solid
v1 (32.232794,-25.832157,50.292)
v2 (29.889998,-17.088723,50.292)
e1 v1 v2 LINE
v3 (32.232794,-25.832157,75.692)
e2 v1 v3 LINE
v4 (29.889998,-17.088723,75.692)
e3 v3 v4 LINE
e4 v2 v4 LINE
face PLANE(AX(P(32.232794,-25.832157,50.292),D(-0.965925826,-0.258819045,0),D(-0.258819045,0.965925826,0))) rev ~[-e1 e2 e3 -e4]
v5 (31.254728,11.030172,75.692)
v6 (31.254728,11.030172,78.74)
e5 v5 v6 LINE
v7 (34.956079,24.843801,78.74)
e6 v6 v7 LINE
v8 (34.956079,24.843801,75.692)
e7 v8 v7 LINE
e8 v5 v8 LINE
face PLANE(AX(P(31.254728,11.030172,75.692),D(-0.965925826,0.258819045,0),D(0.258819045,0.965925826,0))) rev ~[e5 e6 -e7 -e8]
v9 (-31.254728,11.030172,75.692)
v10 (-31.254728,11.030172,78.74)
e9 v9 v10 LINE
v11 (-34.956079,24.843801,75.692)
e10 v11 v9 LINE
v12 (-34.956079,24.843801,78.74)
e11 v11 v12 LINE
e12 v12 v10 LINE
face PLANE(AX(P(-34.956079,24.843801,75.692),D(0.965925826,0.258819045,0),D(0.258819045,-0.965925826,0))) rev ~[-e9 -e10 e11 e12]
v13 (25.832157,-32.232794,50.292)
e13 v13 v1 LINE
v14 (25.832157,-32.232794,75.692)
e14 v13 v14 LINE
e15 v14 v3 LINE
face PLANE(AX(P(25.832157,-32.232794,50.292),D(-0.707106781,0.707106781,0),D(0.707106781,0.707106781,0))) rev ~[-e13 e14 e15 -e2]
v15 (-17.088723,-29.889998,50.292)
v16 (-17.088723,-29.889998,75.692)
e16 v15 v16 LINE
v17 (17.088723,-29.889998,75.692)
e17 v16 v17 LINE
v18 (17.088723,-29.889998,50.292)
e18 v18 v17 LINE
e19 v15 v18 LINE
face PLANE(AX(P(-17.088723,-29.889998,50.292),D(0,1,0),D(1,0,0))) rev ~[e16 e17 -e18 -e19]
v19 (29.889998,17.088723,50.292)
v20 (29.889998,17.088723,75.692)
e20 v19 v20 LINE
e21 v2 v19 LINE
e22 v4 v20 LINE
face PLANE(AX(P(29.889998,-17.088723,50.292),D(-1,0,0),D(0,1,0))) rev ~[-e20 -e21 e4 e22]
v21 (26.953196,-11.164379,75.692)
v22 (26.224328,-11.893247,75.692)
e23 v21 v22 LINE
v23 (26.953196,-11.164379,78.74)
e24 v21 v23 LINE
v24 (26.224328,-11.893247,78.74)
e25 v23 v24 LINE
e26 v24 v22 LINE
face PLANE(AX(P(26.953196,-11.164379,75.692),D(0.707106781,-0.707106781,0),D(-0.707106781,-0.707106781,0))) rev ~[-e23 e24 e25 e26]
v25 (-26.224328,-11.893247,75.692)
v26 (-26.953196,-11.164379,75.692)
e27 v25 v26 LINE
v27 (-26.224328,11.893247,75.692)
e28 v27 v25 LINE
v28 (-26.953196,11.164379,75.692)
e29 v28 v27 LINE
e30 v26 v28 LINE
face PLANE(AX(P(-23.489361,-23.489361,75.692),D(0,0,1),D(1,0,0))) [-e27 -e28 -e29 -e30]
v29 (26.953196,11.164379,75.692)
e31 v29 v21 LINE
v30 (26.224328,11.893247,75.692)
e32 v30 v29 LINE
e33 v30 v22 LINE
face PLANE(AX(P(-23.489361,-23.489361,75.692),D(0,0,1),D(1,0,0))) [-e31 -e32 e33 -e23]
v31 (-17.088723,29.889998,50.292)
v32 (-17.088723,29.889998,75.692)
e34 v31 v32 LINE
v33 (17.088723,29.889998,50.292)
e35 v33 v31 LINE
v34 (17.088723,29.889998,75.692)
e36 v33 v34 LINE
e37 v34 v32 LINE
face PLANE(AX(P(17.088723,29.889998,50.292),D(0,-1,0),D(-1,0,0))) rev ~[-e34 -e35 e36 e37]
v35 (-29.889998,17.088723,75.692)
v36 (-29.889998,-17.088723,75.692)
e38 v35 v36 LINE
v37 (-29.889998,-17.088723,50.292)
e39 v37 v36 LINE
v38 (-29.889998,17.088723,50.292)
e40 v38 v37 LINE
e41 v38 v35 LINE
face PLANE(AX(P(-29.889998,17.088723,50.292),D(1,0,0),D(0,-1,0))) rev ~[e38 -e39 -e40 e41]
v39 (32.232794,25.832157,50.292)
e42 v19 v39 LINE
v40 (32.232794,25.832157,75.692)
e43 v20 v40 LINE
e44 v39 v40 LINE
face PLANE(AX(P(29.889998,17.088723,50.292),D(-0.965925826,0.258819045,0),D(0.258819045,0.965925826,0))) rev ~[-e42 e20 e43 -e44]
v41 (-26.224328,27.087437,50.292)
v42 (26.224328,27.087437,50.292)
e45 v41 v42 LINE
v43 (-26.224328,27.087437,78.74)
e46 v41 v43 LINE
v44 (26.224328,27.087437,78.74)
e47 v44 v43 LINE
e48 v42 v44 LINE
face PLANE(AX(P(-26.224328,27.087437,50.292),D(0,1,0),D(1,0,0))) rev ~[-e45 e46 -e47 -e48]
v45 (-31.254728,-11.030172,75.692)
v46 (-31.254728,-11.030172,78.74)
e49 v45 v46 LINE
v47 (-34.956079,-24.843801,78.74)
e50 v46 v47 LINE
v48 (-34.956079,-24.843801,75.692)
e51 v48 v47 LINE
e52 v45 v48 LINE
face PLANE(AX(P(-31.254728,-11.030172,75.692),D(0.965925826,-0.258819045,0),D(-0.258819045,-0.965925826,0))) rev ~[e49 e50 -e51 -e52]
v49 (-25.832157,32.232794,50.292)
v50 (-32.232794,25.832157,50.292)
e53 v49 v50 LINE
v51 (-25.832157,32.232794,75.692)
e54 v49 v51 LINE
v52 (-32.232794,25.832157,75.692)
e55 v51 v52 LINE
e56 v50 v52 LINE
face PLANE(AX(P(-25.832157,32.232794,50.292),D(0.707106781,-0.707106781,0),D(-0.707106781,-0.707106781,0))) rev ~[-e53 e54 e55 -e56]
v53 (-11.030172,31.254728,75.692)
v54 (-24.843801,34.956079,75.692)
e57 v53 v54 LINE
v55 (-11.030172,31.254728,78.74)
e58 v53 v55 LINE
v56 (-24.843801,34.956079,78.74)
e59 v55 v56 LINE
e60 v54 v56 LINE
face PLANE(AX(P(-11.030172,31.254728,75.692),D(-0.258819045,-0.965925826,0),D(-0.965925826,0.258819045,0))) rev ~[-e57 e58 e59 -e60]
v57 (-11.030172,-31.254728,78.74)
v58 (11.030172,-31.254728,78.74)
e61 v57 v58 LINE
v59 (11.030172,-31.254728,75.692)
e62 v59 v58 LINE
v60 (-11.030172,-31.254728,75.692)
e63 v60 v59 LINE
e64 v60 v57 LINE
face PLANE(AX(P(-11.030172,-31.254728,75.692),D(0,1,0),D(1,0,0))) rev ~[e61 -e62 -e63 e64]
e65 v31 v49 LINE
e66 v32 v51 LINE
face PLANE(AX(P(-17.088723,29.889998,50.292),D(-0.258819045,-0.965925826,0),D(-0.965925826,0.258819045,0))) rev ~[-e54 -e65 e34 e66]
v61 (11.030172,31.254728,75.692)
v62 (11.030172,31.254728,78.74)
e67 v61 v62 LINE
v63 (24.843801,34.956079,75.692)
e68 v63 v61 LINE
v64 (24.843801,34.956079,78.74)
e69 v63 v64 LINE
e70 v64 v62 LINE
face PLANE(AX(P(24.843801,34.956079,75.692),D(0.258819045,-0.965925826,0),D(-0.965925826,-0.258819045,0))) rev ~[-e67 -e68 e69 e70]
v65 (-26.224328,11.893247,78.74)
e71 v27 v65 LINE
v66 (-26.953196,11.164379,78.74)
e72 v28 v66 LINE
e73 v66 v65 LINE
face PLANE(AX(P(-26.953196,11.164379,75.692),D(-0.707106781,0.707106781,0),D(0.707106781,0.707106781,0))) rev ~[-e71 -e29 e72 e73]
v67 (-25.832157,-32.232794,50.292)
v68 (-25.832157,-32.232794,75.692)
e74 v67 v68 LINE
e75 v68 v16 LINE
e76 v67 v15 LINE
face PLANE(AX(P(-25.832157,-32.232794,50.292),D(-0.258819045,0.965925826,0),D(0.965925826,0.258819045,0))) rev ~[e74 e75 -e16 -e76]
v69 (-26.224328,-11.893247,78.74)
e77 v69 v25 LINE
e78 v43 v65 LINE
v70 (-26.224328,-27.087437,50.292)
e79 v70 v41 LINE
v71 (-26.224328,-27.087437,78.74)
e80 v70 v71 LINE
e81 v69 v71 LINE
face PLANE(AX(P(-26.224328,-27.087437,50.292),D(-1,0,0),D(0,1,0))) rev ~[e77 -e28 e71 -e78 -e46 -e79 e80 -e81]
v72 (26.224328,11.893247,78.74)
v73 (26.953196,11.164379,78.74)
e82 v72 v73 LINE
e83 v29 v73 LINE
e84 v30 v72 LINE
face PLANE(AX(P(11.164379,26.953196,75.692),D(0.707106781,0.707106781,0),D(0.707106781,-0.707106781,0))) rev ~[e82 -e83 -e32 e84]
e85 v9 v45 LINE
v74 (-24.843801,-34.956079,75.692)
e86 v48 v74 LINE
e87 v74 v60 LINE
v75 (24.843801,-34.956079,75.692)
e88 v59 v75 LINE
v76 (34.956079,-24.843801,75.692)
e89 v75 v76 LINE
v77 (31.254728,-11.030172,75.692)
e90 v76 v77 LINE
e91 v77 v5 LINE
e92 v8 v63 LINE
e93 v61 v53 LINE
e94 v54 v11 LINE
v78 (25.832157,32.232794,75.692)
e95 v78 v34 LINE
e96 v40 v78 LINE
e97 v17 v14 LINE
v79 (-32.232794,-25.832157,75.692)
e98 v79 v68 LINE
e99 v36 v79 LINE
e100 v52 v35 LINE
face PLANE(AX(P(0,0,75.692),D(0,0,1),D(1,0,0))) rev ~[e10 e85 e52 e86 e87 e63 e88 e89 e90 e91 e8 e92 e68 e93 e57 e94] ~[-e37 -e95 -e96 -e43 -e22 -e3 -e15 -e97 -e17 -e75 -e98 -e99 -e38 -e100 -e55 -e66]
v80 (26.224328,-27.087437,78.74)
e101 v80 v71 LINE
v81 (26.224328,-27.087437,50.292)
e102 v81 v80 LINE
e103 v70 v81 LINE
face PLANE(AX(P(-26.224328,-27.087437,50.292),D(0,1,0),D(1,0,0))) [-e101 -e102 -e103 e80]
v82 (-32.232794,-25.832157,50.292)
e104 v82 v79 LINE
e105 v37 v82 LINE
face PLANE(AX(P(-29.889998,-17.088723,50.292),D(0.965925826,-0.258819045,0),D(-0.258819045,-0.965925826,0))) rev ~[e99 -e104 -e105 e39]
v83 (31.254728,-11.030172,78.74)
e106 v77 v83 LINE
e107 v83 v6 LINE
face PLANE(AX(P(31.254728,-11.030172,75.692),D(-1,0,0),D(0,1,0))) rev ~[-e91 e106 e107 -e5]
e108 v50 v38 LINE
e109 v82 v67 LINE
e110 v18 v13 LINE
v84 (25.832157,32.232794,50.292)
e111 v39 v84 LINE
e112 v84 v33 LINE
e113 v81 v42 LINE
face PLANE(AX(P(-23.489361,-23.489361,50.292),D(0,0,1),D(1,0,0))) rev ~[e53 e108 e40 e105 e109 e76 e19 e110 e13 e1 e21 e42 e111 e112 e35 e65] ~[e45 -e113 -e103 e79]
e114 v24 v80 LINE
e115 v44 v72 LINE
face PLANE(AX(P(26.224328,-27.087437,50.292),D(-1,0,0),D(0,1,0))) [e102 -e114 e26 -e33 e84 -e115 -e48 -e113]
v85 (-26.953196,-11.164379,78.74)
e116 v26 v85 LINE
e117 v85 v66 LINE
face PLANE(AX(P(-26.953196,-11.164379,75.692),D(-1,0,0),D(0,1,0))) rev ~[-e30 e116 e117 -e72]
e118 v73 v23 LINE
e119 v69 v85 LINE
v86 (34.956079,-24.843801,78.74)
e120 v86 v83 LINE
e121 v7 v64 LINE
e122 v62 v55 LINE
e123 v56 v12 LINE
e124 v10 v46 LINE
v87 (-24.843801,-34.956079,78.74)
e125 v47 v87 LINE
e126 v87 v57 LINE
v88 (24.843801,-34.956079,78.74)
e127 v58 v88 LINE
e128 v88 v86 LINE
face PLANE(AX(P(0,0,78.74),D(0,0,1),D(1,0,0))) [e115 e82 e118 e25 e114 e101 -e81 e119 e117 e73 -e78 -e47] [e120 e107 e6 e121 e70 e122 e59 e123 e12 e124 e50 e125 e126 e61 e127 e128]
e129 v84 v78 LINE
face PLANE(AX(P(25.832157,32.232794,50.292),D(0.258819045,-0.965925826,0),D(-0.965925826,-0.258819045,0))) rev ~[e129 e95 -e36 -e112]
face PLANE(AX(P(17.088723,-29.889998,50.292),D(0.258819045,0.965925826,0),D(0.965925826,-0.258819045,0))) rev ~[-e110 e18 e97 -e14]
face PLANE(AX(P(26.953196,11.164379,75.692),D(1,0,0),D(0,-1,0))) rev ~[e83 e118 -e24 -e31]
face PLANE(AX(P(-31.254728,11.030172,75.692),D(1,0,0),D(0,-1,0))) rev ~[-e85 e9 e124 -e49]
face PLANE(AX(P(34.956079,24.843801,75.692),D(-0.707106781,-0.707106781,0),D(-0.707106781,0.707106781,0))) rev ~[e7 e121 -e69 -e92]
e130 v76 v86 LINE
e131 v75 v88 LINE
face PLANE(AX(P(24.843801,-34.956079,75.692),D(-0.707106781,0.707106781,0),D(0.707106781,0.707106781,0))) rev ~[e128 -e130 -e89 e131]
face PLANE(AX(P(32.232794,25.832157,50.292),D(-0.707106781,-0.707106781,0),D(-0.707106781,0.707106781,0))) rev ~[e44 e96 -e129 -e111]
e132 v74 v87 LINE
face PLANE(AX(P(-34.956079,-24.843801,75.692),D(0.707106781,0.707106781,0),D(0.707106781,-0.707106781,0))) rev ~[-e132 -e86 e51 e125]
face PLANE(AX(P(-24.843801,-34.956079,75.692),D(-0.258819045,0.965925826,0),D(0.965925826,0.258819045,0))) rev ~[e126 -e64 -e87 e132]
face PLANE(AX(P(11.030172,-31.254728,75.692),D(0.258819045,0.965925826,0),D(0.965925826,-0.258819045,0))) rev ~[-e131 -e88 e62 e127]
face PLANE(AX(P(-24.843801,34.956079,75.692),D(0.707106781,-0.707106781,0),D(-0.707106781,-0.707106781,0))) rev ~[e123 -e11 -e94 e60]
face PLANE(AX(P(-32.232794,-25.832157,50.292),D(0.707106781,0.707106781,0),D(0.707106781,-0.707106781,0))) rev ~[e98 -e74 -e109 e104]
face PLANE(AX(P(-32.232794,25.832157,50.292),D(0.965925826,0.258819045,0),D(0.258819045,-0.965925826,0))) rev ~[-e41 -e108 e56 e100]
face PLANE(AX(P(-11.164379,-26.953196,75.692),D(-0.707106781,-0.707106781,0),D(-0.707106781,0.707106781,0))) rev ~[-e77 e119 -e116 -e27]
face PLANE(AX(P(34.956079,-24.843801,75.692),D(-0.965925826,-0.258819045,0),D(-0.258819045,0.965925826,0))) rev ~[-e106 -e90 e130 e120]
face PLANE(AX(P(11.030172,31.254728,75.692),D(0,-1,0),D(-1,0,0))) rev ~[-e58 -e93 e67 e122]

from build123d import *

# Parameters (mm, degrees)
F5_DEPTH = 25.4
F6_DEPTH = 3.048
F7_W     = 52.44865641
F7_H     = 54.1748739779
F8_DEPTH = 88.646


with BuildPart() as f5:
    # F2 (on offset) → F5 (new body)
    with BuildSketch(Plane.XY.offset(50.292)):
        Polygon((-32.2327940663, -25.8321565638), (-25.8321565638, -32.2327940663), (-17.0887231349, -29.88999814), (-14.7459272086, -21.1465647111), (-21.1465647111, -14.7459272086), (-29.88999814, -17.0887231349), align=None)
        Polygon((-14.7459272086, -21.1465647111), (-17.0887231349, -29.88999814), (17.0887231349, -29.88999814), (14.7459272086, -21.1465647111), align=None)
        Polygon((-29.88999814, 17.0887231349), (-29.88999814, -17.0887231349), (-21.1465647111, -14.7459272086), (-21.1465647111, 14.7459272086), align=None)
        Polygon((14.7459272086, -21.1465647111), (17.0887231349, -29.88999814), (25.8321565638, -32.2327940663), (32.2327940663, -25.8321565638), (29.88999814, -17.0887231349), (21.1465647111, -14.7459272086), align=None)
        Polygon((-32.2327940663, 25.8321565638), (-29.88999814, 17.0887231349), (-21.1465647111, 14.7459272086), (-14.7459272086, 21.1465647111), (-17.0887231349, 29.88999814), (-25.8321565638, 32.2327940663), align=None)
        Polygon((21.1465647111, 14.7459272086), (21.1465647111, -14.7459272086), (29.88999814, -17.0887231349), (29.88999814, 17.0887231349), align=None)
        Polygon((-17.0887231349, 29.88999814), (-14.7459272086, 21.1465647111), (14.7459272086, 21.1465647111), (17.0887231349, 29.88999814), align=None)
        Polygon((14.7459272086, 21.1465647111), (21.1465647111, 14.7459272086), (29.88999814, 17.0887231349), (32.2327940663, 25.8321565638), (25.8321565638, 32.2327940663), (17.0887231349, 29.88999814), align=None)
    extrude(amount=F5_DEPTH)

    # F4 (on offset) → F6 (join)
    with BuildSketch(Plane.XY.offset(75.692)):
        Polygon((-24.8438008947, 34.9560788946), (-34.9560788946, 24.8438008947), (-31.2547282565, 11.0301722567), (-31.2547282565, -11.0301722567), (-34.9560788946, -24.8438008947), (-24.8438008947, -34.9560788946), (-11.0301722567, -31.2547282565), (11.0301722567, -31.2547282565), (24.8438008947, -34.9560788946), (34.9560788946, -24.8438008947), (31.2547282565, -11.0301722567), (31.2547282565, 11.0301722567), (34.9560788946, 24.8438008947), (24.8438008947, 34.9560788946), (11.0301722567, 31.2547282565), (-11.0301722567, 31.2547282565), align=None)
        Polygon((-26.953196153, 11.1643793959), (-11.1643793959, 26.953196153), (11.1643793959, 26.953196153), (26.953196153, 11.1643793959), (26.953196153, -11.1643793959), (11.1643793959, -26.953196153), (-11.1643793959, -26.953196153), (-26.953196153, -11.1643793959), align=None, mode=Mode.SUBTRACT)
    extrude(amount=F6_DEPTH)

    # F7 (on offset) → F8 (cut)
    with BuildSketch(Plane.XY.offset(50.292)):
        Rectangle(F7_W, F7_H)
    extrude(amount=F8_DEPTH, mode=Mode.SUBTRACT)


solid = f5.part
